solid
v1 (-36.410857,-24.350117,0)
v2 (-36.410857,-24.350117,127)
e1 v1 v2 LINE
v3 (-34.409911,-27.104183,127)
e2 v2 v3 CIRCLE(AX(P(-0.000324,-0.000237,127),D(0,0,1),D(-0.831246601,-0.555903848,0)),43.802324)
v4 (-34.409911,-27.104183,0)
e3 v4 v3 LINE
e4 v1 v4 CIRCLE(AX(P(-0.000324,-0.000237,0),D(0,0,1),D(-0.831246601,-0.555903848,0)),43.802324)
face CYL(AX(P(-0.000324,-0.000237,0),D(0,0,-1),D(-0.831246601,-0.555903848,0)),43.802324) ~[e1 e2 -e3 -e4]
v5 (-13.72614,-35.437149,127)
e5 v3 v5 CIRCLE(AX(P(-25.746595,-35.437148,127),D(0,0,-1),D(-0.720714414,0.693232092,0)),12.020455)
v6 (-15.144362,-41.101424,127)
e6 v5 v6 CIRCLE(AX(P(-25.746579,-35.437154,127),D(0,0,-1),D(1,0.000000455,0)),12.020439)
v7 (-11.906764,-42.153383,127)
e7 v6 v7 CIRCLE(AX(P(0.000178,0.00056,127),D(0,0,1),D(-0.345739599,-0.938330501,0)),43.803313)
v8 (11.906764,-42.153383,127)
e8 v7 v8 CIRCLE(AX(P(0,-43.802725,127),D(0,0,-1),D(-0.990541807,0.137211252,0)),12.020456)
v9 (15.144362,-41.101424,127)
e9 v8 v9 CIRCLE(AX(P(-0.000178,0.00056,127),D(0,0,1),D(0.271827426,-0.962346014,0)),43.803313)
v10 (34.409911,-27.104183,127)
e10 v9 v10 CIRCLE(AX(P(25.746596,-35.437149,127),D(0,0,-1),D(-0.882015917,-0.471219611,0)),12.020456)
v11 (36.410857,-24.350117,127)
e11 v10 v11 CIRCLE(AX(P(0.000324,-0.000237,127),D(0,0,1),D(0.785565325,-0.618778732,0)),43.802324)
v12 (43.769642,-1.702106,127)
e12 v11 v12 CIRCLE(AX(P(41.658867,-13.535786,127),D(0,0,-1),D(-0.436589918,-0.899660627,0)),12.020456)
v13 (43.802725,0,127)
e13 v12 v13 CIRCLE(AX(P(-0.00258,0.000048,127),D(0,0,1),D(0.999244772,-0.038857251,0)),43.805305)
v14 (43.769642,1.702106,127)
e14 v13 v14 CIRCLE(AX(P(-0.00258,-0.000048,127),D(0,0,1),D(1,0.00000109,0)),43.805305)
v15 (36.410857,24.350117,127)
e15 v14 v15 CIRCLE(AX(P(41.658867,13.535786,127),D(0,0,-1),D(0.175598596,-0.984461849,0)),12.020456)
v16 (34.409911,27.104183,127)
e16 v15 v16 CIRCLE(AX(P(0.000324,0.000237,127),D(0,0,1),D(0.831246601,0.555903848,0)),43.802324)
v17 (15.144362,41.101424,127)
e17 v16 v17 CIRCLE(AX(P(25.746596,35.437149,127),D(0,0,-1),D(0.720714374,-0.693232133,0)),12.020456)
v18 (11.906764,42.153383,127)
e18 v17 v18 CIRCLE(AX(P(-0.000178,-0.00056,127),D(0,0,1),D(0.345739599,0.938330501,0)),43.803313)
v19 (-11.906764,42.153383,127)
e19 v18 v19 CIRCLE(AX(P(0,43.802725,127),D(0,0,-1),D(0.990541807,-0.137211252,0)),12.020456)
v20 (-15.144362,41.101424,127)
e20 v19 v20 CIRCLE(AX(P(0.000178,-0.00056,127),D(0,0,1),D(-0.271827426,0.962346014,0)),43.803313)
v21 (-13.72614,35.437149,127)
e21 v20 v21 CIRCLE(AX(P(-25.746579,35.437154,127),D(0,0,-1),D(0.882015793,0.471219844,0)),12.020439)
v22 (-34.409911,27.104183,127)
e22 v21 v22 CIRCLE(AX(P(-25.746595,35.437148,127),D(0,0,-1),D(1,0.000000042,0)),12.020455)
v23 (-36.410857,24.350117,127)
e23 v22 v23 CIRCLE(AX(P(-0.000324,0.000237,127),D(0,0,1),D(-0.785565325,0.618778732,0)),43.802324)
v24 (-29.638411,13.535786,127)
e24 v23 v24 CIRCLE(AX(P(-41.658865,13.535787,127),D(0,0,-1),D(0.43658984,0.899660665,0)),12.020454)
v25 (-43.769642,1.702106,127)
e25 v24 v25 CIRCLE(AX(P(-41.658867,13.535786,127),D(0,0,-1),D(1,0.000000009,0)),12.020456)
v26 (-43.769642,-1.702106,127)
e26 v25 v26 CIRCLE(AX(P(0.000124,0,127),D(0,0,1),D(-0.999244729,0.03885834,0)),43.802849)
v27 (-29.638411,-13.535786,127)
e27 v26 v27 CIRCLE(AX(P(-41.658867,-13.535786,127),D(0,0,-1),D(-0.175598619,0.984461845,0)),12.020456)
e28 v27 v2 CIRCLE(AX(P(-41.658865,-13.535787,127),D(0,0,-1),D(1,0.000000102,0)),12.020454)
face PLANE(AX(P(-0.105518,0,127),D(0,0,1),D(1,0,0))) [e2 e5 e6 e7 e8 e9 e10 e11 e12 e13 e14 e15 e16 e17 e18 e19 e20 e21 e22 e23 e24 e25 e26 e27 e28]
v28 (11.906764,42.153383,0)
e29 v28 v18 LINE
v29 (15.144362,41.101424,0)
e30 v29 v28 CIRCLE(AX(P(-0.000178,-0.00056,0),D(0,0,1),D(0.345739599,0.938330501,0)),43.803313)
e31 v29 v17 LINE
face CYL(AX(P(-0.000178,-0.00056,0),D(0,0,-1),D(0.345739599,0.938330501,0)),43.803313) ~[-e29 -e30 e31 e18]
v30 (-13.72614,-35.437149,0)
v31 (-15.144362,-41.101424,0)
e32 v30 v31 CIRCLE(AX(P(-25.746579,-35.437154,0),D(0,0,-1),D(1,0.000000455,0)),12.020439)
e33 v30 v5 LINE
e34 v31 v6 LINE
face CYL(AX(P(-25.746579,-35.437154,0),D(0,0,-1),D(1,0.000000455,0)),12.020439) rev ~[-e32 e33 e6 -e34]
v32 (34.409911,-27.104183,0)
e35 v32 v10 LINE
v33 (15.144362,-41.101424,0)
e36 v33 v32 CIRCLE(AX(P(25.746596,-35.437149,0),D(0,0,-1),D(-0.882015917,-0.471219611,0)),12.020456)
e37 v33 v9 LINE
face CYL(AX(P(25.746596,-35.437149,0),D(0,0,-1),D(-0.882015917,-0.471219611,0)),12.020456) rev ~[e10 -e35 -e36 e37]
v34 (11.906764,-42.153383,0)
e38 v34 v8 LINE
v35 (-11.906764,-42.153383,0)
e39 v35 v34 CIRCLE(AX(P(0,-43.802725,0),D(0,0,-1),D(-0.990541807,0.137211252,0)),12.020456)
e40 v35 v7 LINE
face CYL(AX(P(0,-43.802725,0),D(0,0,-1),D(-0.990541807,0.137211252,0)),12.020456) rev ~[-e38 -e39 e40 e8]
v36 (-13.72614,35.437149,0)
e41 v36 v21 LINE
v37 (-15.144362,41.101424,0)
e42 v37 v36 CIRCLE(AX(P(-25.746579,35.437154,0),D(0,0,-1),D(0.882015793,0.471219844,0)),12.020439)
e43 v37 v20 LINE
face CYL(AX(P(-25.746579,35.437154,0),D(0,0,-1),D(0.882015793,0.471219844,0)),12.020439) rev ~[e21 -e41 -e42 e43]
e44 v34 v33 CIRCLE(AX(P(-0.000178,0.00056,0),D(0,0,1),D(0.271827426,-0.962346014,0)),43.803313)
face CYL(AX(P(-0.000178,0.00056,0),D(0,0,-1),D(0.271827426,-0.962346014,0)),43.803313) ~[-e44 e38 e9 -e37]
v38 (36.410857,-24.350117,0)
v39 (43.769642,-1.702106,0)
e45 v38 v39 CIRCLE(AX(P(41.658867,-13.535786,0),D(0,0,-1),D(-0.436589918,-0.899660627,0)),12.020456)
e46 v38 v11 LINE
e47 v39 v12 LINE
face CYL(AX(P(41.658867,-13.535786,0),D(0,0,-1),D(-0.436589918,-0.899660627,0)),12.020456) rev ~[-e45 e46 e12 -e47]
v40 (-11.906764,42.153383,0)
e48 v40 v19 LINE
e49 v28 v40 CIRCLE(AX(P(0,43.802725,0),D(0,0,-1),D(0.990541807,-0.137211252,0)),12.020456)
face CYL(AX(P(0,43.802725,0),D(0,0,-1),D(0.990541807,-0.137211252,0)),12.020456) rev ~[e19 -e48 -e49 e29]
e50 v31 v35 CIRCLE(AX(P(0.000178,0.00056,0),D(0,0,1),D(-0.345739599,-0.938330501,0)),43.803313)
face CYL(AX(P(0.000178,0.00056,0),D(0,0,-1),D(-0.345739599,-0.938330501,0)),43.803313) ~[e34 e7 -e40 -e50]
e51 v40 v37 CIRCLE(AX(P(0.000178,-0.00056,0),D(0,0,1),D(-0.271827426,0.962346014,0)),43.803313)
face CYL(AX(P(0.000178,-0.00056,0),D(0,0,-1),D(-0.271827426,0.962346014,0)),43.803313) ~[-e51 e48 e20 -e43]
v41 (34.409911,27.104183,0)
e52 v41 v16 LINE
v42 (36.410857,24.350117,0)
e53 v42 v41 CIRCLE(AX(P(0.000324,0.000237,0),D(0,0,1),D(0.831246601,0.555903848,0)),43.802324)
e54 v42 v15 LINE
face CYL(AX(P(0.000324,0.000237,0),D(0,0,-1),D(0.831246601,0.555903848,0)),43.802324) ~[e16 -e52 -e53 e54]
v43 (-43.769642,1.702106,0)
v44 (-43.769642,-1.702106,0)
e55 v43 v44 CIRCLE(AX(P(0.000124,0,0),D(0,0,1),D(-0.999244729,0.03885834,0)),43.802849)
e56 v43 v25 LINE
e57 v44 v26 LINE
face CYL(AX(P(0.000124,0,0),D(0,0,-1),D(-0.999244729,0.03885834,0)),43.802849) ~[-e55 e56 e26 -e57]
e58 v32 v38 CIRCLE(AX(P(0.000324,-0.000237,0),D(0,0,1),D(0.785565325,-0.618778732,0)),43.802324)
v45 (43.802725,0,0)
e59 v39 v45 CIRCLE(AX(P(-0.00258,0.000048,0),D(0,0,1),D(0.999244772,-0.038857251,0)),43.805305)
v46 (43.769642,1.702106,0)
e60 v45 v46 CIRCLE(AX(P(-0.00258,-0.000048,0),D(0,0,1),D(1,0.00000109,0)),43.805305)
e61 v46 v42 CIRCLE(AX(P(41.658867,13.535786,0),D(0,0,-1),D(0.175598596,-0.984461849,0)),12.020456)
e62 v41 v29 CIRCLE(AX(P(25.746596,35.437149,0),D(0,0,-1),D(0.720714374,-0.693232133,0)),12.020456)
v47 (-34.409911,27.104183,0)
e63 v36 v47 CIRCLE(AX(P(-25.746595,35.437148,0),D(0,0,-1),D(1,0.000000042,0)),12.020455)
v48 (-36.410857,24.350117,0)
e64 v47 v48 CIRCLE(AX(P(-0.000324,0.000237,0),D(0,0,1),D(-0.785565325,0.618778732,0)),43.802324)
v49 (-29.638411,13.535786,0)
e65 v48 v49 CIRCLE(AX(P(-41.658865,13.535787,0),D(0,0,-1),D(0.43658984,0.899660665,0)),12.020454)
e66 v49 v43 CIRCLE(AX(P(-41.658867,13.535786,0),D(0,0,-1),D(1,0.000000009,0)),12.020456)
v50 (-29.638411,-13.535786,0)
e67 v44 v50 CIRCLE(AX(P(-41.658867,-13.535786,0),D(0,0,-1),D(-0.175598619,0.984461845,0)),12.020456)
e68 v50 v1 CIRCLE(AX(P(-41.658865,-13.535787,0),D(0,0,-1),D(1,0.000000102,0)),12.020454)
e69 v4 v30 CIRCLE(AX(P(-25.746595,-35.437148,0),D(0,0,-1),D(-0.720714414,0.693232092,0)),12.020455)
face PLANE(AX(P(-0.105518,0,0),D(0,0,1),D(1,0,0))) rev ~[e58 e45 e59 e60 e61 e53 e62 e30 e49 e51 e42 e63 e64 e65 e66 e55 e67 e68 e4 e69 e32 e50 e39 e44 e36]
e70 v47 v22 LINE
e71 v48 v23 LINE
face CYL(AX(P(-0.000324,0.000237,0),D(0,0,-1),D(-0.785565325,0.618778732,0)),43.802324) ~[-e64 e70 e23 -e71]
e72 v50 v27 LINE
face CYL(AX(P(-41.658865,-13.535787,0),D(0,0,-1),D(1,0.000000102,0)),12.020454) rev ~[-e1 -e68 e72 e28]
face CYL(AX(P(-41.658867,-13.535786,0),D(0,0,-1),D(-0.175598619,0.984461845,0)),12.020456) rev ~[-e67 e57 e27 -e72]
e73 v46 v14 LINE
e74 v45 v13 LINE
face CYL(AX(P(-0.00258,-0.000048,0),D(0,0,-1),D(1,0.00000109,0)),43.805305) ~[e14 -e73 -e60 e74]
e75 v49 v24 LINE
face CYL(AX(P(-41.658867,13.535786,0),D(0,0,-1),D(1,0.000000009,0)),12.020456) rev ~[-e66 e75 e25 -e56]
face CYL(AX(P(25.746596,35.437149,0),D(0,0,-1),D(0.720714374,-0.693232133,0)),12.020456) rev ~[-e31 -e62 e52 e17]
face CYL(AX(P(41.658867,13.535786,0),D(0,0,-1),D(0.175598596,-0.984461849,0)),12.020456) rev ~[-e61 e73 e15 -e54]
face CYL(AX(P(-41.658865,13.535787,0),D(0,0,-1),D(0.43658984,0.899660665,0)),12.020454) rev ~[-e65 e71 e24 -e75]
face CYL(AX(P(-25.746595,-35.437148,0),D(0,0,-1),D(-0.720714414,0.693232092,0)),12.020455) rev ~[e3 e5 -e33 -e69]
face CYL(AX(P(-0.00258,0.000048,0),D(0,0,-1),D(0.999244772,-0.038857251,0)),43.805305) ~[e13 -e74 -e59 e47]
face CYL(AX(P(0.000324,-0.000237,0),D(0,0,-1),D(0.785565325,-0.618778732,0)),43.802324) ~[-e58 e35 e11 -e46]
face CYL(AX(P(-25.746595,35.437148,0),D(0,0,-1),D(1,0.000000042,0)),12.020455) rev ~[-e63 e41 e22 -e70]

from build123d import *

# Parameters (mm, degrees)
F1_DEPTH = 127


with BuildPart() as f1:
    # F0 (on Top) → F1 (new body)
    with BuildSketch(Plane.XY):
        with BuildLine():
            ThreePointArc((43.769642, -1.702106), (43.794453, -0.851214), (43.802725, 0))
            ThreePointArc((43.802725, 0), (43.794453, 0.851214), (43.769642, 1.702106))
            ThreePointArc((43.769642, 1.702106), (30.226734, 9.821261), (36.410857, 24.350117))
            ThreePointArc((36.410857, 24.350117), (35.437149, 25.746596), (34.409911, 27.104183))
            ThreePointArc((34.409911, 27.104183), (18.681149, 25.712396), (15.144362, 41.101424))
            ThreePointArc((15.144362, 41.101424), (13.535786, 41.658867), (11.906764, 42.153383))
            ThreePointArc((11.906764, 42.153383), (0, 31.782269), (-11.906764, 42.153383))
            ThreePointArc((-11.906764, 42.153383), (-13.535786, 41.658867), (-15.144362, 41.101424))
            ThreePointArc((-15.144362, 41.101424), (-14.086084, 38.356711), (-13.72614, 35.437149))
            ThreePointArc((-13.72614, 35.437149), (-21.254694, 24.287522), (-34.409911, 27.104183))
            ThreePointArc((-34.409911, 27.104183), (-35.437149, 25.746596), (-36.410857, 24.350117))
            ThreePointArc((-36.410857, 24.350117), (-31.471256, 19.915751), (-29.638411, 13.535786))
            ThreePointArc((-29.638411, 13.535786), (-33.94139, 4.319935), (-43.769642, 1.702106))
            ThreePointArc((-43.769642, 1.702106), (-43.802725, 0), (-43.769642, -1.702106))
            ThreePointArc((-43.769642, -1.702106), (-33.94139, -4.319935), (-29.638411, -13.535786))
            ThreePointArc((-29.638411, -13.535786), (-31.471256, -19.915751), (-36.410857, -24.350117))
            ThreePointArc((-36.410857, -24.350117), (-35.437149, -25.746596), (-34.409911, -27.104183))
            ThreePointArc((-34.409911, -27.104183), (-21.254694, -24.287522), (-13.72614, -35.437149))
            ThreePointArc((-13.72614, -35.437149), (-14.086084, -38.356711), (-15.144362, -41.101424))
            ThreePointArc((-15.144362, -41.101424), (-13.535786, -41.658867), (-11.906764, -42.153383))
            ThreePointArc((-11.906764, -42.153383), (0, -31.782269), (11.906764, -42.153383))
            ThreePointArc((11.906764, -42.153383), (13.535786, -41.658867), (15.144362, -41.101424))
            ThreePointArc((15.144362, -41.101424), (18.681149, -25.712396), (34.409911, -27.104183))
            ThreePointArc((34.409911, -27.104183), (35.437149, -25.746596), (36.410857, -24.350117))
            ThreePointArc((36.410857, -24.350117), (30.226734, -9.821261), (43.769642, -1.702106))
        make_face()
    extrude(amount=F1_DEPTH)


solid = f1.part
